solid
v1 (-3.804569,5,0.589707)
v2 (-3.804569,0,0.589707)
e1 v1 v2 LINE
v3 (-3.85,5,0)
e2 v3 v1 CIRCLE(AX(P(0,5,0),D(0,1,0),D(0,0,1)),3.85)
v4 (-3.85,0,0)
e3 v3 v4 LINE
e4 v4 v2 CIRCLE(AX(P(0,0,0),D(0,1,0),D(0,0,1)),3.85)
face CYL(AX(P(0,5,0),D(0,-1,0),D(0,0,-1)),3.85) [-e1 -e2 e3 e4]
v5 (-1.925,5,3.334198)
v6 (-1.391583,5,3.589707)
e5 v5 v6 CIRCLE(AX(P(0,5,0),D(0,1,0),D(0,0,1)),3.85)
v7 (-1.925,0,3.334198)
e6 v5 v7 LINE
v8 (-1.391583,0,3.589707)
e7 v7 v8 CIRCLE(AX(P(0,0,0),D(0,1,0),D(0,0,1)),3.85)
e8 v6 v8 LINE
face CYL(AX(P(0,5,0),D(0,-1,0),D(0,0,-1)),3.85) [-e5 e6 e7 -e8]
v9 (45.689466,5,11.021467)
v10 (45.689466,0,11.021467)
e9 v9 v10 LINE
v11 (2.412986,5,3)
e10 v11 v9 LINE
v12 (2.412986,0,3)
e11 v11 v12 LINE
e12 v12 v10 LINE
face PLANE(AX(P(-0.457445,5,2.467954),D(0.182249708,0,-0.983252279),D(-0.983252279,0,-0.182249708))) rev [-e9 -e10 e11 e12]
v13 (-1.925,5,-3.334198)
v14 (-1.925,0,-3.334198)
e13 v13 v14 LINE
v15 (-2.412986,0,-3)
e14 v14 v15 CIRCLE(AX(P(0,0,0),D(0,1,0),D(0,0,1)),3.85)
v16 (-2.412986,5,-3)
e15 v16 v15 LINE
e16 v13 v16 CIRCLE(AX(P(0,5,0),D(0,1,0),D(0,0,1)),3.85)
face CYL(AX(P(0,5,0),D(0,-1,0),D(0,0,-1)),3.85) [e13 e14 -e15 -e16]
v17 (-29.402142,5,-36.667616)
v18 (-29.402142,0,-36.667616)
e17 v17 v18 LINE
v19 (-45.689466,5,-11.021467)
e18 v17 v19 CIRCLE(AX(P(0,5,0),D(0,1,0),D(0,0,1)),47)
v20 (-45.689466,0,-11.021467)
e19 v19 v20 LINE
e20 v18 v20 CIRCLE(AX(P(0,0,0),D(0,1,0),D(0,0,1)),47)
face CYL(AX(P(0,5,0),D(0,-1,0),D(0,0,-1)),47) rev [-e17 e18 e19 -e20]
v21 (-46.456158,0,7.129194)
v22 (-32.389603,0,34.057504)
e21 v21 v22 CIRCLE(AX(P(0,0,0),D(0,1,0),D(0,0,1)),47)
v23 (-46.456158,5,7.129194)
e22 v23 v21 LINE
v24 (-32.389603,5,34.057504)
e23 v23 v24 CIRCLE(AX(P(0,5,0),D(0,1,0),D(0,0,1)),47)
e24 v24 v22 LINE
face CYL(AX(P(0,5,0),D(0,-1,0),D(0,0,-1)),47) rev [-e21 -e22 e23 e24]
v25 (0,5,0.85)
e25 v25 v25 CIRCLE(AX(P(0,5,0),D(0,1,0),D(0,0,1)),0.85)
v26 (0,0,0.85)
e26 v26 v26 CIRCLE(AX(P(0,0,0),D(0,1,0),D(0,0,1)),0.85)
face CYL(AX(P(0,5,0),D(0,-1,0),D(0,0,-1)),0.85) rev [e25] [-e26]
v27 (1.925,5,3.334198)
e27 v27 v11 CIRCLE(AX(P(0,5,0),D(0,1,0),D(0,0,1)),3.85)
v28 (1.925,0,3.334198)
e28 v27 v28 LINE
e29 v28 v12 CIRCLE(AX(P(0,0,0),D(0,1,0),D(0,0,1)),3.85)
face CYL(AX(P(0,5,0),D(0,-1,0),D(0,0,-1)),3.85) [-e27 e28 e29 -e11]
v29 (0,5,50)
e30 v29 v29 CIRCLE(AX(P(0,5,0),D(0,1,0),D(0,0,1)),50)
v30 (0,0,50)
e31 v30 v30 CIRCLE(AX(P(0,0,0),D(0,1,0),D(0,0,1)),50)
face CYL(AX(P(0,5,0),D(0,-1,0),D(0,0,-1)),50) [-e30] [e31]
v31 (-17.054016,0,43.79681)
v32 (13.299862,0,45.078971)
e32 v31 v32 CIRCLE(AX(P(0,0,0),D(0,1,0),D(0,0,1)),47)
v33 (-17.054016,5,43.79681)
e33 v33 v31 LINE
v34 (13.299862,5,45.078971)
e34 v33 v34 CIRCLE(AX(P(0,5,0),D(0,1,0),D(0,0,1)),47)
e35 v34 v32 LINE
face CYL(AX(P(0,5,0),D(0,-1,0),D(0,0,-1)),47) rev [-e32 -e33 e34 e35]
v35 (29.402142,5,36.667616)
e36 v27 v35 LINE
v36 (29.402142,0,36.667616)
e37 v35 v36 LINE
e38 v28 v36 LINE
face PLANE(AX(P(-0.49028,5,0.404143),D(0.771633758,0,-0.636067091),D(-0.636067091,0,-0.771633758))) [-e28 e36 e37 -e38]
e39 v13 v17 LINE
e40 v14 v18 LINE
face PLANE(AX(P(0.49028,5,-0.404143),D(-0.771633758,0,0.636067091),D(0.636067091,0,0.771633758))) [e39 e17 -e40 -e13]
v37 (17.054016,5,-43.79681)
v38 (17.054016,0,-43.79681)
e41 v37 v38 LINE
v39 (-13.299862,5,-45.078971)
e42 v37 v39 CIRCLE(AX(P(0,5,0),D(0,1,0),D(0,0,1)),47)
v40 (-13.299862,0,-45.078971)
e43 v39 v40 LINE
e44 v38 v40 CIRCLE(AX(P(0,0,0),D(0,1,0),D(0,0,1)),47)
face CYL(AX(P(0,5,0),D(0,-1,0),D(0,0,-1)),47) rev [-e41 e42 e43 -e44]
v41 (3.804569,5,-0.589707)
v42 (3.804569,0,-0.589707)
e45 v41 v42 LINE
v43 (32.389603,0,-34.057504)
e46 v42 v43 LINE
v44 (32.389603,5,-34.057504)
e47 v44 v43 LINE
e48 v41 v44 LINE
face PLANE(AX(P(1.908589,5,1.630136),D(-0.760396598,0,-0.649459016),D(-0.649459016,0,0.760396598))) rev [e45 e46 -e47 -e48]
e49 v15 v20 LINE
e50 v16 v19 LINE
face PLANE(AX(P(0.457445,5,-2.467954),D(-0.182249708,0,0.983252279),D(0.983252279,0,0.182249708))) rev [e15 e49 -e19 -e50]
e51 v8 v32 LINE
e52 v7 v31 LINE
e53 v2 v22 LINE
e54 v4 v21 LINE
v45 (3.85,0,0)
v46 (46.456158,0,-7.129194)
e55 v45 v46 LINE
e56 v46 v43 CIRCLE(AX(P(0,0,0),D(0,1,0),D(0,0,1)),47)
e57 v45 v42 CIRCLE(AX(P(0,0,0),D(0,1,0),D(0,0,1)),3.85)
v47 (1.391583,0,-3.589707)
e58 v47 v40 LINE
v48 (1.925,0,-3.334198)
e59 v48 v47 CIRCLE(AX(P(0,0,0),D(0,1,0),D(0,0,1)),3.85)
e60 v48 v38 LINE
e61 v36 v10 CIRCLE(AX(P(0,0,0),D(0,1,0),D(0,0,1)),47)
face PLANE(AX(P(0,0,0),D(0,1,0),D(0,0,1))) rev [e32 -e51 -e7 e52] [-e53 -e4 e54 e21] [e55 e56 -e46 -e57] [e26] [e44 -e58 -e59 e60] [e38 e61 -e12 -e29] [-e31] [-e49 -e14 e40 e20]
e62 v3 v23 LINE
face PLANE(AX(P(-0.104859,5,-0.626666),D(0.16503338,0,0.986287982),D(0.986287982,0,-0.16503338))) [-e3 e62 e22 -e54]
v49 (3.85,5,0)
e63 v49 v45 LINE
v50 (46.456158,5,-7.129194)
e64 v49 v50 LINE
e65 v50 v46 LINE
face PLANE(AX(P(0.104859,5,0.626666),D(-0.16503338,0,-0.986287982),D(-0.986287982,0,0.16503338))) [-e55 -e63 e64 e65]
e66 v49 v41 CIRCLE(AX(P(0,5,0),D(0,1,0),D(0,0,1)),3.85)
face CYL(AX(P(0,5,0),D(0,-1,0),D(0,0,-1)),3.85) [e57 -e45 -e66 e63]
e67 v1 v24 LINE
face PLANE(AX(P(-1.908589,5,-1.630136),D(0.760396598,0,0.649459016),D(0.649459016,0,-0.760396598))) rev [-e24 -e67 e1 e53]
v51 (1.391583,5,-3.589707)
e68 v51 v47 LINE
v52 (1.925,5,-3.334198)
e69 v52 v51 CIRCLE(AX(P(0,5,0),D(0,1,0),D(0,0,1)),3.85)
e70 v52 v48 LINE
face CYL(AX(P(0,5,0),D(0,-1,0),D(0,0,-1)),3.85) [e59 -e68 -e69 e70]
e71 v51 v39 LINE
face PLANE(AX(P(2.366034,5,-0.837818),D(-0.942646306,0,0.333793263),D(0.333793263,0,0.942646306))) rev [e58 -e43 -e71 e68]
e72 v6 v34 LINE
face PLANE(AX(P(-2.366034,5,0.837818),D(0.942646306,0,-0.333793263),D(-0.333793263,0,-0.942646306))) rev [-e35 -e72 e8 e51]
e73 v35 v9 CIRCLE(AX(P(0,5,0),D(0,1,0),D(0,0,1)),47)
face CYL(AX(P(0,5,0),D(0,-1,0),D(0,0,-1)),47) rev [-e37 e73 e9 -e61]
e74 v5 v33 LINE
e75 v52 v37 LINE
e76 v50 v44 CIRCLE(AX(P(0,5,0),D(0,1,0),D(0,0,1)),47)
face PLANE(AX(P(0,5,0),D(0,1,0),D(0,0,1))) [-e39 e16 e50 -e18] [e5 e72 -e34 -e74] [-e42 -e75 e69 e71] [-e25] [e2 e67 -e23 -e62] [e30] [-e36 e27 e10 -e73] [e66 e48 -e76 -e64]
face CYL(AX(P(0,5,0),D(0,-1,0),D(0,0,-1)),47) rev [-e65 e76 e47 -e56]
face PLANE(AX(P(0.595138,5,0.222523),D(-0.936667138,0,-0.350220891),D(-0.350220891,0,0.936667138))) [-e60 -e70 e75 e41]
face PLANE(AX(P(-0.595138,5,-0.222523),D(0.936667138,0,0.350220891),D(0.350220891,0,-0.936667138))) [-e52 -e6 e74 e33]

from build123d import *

# Parameters (mm, degrees)
SKETCH1_R           = 50
SKETCH1_R_2         = 47
SKETCH1_R_3         = 3.85
SKETCH1_R_4         = 0.85
BOSS_EXTRUDE1_DEPTH = 5


with BuildPart() as part:
    # Sketch1 → Boss-Extrude1 (new body)
    with BuildSketch(Plane(origin=(0, 0, 0), x_dir=(1, 0, 0), z_dir=(0, 1, 0))):
        Circle(SKETCH1_R)
        Circle(SKETCH1_R_2, mode=Mode.SUBTRACT)
        Circle(SKETCH1_R_3)
        Circle(SKETCH1_R_4, mode=Mode.SUBTRACT)
        with BuildLine():
            ThreePointArc((1.925, -3.334197805), (0.295727162, -3.838625463), (-1.39158336, -3.589706917))
            Line((-1.39158336, -3.589706917), (13.299862292, -45.078971406))
            ThreePointArc((13.299862292, -45.078971406), (21.761273299, -41.658696384), (29.402141879, -36.667615861))
            Line((29.402141879, -36.667615861), (1.925, -3.334197805))
        make_face()
        with BuildLine():
            Line((46.456157771, 7.129193862), (3.85, 0))
            ThreePointArc((3.85, 0), (3.472210748, -1.663205496), (2.412985702, -3))
            Line((2.412985702, -3), (45.68946556, -11.021467091))
            ThreePointArc((45.68946556, -11.021467091), (46.671216404, -5.549554878), (47, 0))
            ThreePointArc((47, 0), (46.86384222, 3.574953479), (46.456157771, 7.129193862))
        make_face()
        with BuildLine():
            Line((17.054015892, 43.796809723), (1.925, 3.334197805))
            ThreePointArc((1.925, 3.334197805), (3.176483585, 2.175419967), (3.804569063, 0.589706917))
            Line((3.804569063, 0.589706917), (32.389603268, 34.057504315))
            ThreePointArc((32.389603268, 34.057504315), (25.196852708, 39.675163687), (17.054015892, 43.796809723))
        make_face()
        with BuildLine():
            Line((-29.402141879, 36.667615861), (-1.925, 3.334197805))
            ThreePointArc((-1.925, 3.334197805), (-0.295727162, 3.838625463), (1.39158336, 3.589706917))
            Line((1.39158336, 3.589706917), (-13.299862292, 45.078971406))
            ThreePointArc((-13.299862292, 45.078971406), (-21.761273299, 41.658696384), (-29.402141879, 36.667615861))
        make_face()
        with BuildLine():
            ThreePointArc((-3.85, 0), (-3.472210748, 1.663205496), (-2.412985702, 3))
            Line((-2.412985702, 3), (-45.68946556, 11.021467091))
            ThreePointArc((-45.68946556, 11.021467091), (-46.958126006, 1.983532697), (-46.456157771, -7.129193862))
            Line((-46.456157771, -7.129193862), (-3.85, 0))
        make_face()
        with BuildLine():
            ThreePointArc((-1.925, -3.334197805), (-3.176483585, -2.175419967), (-3.804569063, -0.589706917))
            Line((-3.804569063, -0.589706917), (-32.389603268, -34.057504315))
            ThreePointArc((-32.389603268, -34.057504315), (-25.196852708, -39.675163687), (-17.054015892, -43.796809723))
            Line((-17.054015892, -43.796809723), (-1.925, -3.334197805))
        make_face()
    extrude(amount=BOSS_EXTRUDE1_DEPTH)


solid = part.part
